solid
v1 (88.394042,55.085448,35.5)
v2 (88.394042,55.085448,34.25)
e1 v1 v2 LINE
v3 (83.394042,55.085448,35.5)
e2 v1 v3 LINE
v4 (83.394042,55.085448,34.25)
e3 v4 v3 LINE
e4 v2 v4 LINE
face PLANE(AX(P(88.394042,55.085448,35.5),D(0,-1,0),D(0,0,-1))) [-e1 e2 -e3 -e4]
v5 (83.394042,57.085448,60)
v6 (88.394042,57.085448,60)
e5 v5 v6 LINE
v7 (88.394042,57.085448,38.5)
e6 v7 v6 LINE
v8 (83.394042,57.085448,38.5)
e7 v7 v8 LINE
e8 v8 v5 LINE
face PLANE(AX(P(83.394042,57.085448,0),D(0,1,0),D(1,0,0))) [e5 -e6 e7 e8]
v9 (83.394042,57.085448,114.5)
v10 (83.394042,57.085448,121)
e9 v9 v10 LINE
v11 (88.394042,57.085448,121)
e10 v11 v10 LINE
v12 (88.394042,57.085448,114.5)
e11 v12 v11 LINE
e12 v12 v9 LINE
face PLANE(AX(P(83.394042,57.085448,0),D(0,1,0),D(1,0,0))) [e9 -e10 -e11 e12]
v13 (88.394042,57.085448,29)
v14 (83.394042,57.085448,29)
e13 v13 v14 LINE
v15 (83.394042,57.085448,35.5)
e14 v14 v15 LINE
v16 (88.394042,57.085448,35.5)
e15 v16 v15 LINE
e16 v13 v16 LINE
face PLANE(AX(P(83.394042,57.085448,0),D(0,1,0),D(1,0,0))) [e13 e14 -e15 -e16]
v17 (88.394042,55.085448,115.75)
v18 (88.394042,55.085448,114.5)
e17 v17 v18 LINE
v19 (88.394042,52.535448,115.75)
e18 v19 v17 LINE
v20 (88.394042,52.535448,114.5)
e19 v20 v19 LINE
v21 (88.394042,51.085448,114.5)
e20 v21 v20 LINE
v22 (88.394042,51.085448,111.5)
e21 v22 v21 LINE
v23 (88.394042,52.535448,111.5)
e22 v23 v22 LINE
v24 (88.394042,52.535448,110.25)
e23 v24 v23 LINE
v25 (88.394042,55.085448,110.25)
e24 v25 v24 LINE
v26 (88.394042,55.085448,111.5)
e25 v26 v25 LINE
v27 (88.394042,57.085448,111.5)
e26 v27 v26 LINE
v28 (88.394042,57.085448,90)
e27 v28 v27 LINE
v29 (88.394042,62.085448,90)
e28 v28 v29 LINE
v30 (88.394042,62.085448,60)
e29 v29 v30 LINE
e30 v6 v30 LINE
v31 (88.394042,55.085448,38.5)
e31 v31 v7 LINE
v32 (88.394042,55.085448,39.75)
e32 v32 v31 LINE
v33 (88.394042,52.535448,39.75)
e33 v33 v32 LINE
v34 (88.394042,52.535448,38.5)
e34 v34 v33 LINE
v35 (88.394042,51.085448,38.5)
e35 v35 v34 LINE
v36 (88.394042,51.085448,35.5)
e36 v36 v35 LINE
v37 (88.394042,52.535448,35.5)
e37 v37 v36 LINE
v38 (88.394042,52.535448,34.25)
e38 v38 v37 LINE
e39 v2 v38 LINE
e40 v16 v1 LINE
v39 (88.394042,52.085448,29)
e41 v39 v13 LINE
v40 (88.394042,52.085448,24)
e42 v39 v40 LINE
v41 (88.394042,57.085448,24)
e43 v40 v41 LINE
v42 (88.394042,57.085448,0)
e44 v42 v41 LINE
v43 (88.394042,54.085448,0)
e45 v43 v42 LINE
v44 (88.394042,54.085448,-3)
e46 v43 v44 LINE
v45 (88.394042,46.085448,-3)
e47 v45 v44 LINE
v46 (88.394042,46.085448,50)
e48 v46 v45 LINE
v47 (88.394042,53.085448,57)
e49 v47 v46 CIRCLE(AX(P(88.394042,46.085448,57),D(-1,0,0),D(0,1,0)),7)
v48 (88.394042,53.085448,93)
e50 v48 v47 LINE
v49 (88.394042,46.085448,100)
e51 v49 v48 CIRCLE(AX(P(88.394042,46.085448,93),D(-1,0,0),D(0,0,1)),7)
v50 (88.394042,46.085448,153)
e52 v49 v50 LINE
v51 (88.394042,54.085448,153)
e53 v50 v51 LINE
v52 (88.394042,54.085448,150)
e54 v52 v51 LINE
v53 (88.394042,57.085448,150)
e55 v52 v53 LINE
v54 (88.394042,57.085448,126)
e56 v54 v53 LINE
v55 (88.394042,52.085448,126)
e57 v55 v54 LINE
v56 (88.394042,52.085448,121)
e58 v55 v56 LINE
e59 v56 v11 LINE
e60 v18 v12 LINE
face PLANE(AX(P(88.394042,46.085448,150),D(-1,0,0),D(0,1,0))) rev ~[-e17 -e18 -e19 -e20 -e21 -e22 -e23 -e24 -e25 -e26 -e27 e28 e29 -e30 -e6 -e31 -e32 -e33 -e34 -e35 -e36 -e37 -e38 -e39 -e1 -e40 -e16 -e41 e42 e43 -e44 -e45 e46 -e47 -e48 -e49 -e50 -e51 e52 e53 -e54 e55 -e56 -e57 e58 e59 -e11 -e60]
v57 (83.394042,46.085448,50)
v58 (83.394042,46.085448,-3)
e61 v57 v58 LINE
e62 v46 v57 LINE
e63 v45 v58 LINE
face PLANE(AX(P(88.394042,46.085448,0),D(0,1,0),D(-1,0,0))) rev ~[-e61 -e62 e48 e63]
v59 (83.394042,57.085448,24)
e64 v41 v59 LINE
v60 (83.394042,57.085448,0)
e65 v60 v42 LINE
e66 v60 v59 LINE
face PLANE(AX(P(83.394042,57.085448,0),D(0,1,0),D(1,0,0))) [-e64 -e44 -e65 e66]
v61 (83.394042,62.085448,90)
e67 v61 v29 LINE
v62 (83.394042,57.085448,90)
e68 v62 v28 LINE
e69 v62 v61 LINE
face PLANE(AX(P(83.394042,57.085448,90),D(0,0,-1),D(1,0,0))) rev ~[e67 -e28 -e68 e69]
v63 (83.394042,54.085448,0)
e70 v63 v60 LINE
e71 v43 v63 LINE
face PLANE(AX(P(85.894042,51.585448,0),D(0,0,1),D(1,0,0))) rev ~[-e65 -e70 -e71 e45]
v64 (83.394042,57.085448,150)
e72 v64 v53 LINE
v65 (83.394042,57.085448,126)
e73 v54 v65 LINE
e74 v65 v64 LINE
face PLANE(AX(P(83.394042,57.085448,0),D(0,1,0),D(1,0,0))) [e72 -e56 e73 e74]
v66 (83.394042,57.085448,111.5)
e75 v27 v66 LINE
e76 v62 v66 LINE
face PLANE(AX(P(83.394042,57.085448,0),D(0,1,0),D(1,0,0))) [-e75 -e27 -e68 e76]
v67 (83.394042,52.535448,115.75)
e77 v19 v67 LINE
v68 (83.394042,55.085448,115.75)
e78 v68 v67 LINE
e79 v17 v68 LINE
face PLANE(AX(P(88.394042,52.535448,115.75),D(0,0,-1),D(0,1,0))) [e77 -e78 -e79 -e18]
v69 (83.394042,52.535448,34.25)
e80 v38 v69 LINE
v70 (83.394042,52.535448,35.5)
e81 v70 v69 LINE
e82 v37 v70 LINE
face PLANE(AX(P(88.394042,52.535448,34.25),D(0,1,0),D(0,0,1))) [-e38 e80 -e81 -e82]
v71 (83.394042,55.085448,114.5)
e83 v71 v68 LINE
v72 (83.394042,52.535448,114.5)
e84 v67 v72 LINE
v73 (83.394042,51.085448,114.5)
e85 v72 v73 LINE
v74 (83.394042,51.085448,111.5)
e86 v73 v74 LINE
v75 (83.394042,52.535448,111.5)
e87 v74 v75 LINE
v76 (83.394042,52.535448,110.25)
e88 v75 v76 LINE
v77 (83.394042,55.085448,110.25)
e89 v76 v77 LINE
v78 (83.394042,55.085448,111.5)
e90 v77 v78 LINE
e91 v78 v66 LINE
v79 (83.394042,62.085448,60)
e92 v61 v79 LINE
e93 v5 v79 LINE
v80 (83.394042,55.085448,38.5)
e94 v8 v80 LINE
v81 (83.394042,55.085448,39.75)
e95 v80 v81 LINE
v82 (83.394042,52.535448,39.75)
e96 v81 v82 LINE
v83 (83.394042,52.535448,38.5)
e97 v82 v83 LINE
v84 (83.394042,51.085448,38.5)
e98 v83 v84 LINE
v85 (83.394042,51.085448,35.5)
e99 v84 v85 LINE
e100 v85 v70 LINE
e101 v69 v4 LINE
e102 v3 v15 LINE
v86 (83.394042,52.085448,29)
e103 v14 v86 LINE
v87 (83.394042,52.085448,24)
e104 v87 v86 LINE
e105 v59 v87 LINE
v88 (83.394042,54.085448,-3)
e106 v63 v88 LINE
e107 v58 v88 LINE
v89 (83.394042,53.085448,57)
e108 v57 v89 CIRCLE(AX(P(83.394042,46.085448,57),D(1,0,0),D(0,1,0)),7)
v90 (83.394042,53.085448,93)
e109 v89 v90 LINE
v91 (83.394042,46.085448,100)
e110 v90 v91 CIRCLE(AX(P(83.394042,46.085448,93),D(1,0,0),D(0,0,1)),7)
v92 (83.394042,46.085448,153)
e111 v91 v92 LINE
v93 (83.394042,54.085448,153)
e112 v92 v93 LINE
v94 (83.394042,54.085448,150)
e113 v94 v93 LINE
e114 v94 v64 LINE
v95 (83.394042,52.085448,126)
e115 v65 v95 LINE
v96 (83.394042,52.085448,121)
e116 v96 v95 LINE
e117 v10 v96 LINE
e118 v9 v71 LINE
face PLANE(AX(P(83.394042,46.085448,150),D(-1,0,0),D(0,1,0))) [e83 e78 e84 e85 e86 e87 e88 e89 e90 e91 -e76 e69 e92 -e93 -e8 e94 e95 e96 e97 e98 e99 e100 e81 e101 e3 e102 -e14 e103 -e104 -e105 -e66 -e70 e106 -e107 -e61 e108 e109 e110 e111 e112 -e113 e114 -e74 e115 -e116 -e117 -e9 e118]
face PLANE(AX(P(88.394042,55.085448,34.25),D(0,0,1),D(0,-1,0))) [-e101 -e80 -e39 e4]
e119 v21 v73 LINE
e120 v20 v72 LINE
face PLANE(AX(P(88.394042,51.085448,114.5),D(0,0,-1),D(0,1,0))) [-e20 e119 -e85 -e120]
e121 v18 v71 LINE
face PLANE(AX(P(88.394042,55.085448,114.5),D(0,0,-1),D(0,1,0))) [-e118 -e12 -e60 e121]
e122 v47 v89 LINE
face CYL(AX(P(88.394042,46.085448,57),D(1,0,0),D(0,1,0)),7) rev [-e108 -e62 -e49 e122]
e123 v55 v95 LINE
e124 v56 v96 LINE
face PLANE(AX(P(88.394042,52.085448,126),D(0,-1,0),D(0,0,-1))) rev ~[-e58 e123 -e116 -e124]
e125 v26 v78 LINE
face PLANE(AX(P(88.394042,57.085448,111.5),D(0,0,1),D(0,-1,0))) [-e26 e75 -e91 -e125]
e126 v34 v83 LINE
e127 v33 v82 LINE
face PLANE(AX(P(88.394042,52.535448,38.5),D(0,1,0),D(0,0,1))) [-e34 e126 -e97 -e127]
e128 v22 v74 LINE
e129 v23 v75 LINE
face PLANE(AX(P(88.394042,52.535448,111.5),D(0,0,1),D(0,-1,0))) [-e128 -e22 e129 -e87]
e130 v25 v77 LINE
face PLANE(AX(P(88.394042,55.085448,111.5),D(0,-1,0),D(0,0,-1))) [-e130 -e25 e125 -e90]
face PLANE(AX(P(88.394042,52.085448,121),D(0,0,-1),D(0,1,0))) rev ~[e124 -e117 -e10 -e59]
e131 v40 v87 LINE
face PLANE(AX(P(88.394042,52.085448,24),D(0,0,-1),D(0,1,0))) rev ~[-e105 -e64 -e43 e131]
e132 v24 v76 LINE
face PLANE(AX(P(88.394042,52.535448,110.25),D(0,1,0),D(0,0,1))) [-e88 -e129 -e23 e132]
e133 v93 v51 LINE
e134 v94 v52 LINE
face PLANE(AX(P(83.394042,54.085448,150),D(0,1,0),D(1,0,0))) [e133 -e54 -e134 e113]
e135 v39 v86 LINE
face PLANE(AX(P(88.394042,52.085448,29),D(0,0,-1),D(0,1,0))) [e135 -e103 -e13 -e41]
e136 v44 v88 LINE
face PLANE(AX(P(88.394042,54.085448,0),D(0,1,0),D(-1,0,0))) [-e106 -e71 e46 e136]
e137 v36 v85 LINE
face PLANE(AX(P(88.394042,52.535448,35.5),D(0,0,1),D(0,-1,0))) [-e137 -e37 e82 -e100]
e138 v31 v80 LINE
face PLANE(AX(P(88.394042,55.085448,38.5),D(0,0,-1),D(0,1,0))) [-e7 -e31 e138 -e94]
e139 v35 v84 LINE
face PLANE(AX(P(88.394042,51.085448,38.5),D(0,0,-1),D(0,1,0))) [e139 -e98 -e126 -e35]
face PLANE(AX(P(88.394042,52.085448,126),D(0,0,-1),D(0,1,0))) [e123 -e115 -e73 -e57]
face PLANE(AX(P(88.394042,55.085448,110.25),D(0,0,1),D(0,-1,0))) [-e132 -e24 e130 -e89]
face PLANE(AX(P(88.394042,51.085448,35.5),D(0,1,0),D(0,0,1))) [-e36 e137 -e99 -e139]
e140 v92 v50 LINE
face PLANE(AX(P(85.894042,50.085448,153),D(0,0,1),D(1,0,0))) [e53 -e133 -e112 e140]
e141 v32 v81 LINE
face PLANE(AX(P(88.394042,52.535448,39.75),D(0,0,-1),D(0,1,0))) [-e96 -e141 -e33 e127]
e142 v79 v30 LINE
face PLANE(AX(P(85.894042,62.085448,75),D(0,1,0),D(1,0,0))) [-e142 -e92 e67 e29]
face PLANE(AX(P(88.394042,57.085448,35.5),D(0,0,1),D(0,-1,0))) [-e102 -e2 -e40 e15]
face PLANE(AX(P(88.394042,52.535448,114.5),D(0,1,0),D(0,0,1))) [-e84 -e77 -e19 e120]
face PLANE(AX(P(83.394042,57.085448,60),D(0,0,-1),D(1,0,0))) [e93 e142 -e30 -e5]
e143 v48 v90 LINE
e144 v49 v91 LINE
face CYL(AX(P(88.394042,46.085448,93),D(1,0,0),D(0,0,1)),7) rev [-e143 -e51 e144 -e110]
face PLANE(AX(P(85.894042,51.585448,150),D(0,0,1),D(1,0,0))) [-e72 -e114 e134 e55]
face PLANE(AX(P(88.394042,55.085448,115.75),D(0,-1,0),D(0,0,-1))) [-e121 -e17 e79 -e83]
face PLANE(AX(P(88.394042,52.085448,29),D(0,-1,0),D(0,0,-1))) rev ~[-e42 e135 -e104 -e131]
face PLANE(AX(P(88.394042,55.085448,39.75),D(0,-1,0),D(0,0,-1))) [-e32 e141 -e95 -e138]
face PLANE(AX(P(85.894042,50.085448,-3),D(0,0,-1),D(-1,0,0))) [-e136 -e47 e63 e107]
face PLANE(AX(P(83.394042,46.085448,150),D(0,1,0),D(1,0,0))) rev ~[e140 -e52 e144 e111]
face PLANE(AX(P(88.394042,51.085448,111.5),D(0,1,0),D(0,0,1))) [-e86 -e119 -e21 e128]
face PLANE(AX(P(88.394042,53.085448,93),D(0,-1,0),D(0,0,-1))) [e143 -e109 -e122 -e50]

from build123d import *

# Parameters (mm, degrees)
SKETCH1_W           = 5
SKETCH1_H           = 11
BOSS_EXTRUDE1_DEPTH = 150
CUT_EXTRUDE1_DEPTH  = 161.573187019
SKETCH3_W           = 5
SKETCH3_H           = 30
BOSS_EXTRUDE2_DEPTH = 5
CUT_EXTRUDE2_DEPTH  = 163.417988138
SKETCH6_W           = 5
SKETCH6_H           = 8
BOSS_EXTRUDE3_DEPTH = 3
SKETCH7_W           = 5
SKETCH7_H           = 8
BOSS_EXTRUDE4_DEPTH = 3
SKETCH8_W           = 5
SKETCH8_H           = 5
CUT_EXTRUDE3_DEPTH  = 166.192623536


with BuildPart() as part:
    # Sketch1 → Boss-Extrude1 (new body)
    with BuildSketch(Plane.XY):
        with Locations((85.894042166, 51.58544814)):
            Rectangle(SKETCH1_W, SKETCH1_H)
    extrude(amount=BOSS_EXTRUDE1_DEPTH)

    # Sketch2 → Cut-Extrude1 (cut, through all)
    with BuildSketch(Plane(origin=(88.394042166, 0, 0), x_dir=(0, 0, -1), z_dir=(1, 0, 0))):
        with BuildLine():
            Line((-93, 53.08544814), (-57, 53.08544814))
            ThreePointArc((-57, 53.08544814), (-52.050252532, 51.035195608), (-50, 46.08544814))
            Line((-50, 46.08544814), (-100, 46.08544814))
            ThreePointArc((-100, 46.08544814), (-97.949747468, 51.035195608), (-93, 53.08544814))
        make_face()
    extrude(amount=-CUT_EXTRUDE1_DEPTH, mode=Mode.SUBTRACT)

    # Sketch3 → Boss-Extrude2 (add)
    with BuildSketch(Plane(origin=(0, 57.08544814, 0), x_dir=(1, 0, 0), z_dir=(0, 1, 0))):
        with Locations((85.894042166, -75)):
            Rectangle(SKETCH3_W, SKETCH3_H)
    extrude(amount=BOSS_EXTRUDE2_DEPTH)

    # Sketch5 → Cut-Extrude2 (cut, through all)
    with BuildSketch(Plane(origin=(88.394042166, 0, 0), x_dir=(0, 0, -1), z_dir=(1, 0, 0))):
        Polygon((-35.5, 55.08544814), (-34.25, 55.08544814), (-34.25, 52.53544814), (-35.5, 52.53544814), (-35.5, 51.08544814), (-38.5, 51.08544814), (-38.5, 52.53544814), (-39.75, 52.53544814), (-39.75, 55.08544814), (-38.5, 55.08544814), (-38.5, 57.08544814), (-35.5, 57.08544814), align=None)
        Polygon((-114.5, 52.53544814), (-115.75, 52.53544814), (-115.75, 55.08544814), (-114.5, 55.08544814), (-114.5, 57.08544814), (-111.5, 57.08544814), (-111.5, 55.08544814), (-110.25, 55.08544814), (-110.25, 52.53544814), (-111.5, 52.53544814), (-111.5, 51.08544814), (-114.5, 51.08544814), align=None)
    extrude(amount=-CUT_EXTRUDE2_DEPTH, mode=Mode.SUBTRACT)

    # Sketch6 → Boss-Extrude3 (add)
    with BuildSketch(Plane(origin=(0, 0, 0), x_dir=(-1, 0, 0), z_dir=(0, 0, -1))):
        with Locations((-85.894042166, 50.08544814)):
            Rectangle(SKETCH6_W, SKETCH6_H)
    extrude(amount=BOSS_EXTRUDE3_DEPTH)

    # Sketch7 → Boss-Extrude4 (add)
    with BuildSketch(Plane.XY.offset(150)):
        with Locations((85.894042166, 50.08544814)):
            Rectangle(SKETCH7_W, SKETCH7_H)
    extrude(amount=BOSS_EXTRUDE4_DEPTH)

    # Sketch8 → Cut-Extrude3 (cut, through all)
    with BuildSketch(Plane(origin=(88.394042166, 0, 0), x_dir=(0, 0, -1), z_dir=(1, 0, 0))):
        with Locations((-123.5, 54.58544814)):
            Rectangle(SKETCH8_W, SKETCH8_H)
        with Locations((-26.5, 54.58544814)):
            Rectangle(SKETCH8_W, SKETCH8_H)
    extrude(amount=-CUT_EXTRUDE3_DEPTH, mode=Mode.SUBTRACT)


solid = part.part
